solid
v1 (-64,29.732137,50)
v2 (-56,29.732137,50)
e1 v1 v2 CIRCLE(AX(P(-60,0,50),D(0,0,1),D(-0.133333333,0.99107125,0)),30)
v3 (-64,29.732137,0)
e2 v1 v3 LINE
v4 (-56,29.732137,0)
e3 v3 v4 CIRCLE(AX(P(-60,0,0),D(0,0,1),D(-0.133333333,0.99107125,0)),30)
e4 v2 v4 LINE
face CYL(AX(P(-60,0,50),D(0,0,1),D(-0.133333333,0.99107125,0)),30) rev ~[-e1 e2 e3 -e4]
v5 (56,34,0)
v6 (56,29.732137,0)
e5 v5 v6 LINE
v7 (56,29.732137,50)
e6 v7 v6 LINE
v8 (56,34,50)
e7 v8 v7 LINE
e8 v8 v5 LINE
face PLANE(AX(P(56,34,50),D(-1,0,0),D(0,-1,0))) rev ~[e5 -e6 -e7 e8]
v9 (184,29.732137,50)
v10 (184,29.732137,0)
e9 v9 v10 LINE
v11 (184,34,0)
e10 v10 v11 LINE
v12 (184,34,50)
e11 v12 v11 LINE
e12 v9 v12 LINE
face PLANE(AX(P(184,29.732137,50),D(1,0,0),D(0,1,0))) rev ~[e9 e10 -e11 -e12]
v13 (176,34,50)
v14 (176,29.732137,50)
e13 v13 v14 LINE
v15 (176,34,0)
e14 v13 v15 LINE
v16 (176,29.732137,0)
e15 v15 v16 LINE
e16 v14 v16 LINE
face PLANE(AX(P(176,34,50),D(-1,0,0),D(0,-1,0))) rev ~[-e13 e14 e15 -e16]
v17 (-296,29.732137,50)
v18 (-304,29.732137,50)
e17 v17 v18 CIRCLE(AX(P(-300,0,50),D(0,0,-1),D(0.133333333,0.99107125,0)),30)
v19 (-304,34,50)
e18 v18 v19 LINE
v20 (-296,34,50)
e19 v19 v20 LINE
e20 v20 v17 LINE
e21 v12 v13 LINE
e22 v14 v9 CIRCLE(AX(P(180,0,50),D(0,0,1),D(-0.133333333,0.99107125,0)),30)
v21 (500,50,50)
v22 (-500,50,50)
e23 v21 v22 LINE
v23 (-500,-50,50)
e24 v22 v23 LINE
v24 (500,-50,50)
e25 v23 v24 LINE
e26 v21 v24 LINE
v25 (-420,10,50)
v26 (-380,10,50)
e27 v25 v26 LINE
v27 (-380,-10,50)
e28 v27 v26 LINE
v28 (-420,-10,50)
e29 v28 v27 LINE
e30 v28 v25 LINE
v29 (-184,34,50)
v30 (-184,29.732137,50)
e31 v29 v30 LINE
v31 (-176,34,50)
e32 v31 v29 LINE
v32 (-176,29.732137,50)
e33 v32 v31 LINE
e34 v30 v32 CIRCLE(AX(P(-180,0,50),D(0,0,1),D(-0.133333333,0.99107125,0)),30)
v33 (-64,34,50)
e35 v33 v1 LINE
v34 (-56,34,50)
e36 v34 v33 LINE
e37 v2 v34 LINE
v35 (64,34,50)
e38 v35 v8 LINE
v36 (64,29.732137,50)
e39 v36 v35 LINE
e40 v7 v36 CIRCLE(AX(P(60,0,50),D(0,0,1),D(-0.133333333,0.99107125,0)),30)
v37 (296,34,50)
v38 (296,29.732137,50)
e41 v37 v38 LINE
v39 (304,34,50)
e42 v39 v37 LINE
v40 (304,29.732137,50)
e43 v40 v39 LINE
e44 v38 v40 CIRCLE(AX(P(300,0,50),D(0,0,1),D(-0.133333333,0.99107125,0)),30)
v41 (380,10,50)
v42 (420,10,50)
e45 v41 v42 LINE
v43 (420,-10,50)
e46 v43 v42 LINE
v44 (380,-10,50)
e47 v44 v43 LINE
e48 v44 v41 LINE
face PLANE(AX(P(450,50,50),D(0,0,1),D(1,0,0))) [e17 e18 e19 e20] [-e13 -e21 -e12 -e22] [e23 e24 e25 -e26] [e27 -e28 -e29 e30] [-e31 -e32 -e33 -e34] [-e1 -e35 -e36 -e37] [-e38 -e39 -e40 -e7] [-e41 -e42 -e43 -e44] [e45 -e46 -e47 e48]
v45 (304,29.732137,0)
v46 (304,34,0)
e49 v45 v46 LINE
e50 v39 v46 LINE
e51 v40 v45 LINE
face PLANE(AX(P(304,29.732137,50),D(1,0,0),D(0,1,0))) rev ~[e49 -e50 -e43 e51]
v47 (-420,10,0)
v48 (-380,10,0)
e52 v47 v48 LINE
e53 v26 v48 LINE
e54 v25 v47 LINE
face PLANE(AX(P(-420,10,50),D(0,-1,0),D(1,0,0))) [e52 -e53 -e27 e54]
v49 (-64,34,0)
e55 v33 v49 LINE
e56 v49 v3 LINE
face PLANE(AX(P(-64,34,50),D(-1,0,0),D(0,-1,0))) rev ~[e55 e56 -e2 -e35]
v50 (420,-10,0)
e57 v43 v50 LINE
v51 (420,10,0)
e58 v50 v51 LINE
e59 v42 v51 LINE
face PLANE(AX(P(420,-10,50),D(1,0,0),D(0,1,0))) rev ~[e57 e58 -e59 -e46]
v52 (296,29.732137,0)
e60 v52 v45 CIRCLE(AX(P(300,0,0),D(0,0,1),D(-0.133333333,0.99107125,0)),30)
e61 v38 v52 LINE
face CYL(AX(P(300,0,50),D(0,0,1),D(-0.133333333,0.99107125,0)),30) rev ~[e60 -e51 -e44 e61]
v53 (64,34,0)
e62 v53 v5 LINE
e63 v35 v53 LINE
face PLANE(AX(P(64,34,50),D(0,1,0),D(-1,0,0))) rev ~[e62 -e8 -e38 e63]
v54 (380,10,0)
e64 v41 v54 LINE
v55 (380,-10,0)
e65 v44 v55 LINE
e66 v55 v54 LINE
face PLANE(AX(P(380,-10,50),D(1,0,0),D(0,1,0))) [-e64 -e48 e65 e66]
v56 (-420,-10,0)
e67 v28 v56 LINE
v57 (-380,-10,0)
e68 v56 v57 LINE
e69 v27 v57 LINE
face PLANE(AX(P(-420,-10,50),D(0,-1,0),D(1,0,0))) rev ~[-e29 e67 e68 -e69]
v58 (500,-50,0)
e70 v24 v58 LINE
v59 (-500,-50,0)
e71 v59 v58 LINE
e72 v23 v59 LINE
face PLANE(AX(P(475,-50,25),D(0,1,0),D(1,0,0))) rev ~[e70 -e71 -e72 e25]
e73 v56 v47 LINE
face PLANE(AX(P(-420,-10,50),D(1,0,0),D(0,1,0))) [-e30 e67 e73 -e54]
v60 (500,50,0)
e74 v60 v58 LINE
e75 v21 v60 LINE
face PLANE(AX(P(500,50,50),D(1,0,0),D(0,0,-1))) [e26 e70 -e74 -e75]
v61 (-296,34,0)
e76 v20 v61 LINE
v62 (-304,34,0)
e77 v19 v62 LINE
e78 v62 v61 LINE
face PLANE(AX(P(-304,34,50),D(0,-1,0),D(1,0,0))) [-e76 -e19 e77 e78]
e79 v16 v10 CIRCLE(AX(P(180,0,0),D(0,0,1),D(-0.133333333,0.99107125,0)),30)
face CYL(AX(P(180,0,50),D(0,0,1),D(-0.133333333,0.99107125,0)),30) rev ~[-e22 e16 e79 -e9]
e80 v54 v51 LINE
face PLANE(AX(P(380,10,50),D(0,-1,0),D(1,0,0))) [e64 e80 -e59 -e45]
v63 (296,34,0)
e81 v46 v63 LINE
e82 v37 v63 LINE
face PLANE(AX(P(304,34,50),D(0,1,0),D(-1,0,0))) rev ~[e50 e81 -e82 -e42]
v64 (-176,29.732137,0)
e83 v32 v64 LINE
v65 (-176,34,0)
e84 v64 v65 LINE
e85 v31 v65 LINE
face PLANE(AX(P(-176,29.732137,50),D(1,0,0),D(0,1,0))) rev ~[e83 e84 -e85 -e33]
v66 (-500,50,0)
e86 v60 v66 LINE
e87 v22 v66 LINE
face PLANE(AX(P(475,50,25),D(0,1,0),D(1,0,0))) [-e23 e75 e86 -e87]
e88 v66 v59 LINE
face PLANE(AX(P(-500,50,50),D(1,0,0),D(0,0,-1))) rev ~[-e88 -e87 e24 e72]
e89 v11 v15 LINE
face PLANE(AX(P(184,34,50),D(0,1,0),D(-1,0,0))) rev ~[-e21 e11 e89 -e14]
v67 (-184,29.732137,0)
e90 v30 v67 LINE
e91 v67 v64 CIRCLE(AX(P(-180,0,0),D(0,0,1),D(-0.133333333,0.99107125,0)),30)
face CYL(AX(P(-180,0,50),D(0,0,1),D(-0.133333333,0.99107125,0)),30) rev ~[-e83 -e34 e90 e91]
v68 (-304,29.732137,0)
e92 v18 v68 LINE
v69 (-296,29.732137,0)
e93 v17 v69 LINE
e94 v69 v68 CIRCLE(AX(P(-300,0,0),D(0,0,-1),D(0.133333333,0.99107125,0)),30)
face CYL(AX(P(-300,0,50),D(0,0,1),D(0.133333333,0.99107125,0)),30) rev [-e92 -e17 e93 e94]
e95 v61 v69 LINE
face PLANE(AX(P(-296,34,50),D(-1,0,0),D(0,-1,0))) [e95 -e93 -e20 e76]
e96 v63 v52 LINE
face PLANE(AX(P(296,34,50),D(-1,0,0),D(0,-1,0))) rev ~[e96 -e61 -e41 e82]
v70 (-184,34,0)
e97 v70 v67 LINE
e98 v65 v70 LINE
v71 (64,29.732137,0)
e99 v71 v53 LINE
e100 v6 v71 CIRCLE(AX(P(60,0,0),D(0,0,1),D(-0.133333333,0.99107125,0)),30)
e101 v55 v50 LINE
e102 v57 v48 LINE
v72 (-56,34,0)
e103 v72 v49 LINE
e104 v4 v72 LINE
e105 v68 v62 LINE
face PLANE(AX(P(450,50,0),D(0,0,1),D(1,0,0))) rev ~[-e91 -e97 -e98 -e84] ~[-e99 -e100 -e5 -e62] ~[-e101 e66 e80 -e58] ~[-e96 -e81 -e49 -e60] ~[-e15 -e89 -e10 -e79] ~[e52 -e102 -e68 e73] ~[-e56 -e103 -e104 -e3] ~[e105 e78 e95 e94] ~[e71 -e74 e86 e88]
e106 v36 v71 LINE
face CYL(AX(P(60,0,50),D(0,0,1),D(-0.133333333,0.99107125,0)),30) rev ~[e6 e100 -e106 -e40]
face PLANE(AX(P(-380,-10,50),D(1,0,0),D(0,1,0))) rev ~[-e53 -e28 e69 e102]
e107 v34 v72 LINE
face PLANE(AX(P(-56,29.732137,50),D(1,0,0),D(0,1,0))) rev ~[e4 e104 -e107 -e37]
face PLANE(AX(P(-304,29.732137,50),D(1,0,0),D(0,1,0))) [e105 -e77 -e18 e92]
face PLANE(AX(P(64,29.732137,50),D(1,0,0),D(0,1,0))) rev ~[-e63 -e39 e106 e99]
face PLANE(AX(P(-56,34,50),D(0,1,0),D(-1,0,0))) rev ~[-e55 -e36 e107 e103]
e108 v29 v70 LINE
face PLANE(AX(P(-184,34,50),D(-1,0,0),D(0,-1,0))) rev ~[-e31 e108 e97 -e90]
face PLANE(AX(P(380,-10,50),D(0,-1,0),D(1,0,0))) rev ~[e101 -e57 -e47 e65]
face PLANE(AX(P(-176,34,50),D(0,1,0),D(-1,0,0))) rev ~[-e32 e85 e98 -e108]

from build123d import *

# Parameters (mm, degrees)
SKETCH1_W           = 900
SKETCH1_H           = 100
BOSS_EXTRUDE1_DEPTH = 50
SKETCH2_W           = 40
SKETCH2_H           = 20
CUT_EXTRUDE1_DEPTH  = 50
SKETCH3_W           = 50
SKETCH3_H           = 50
BOSS_EXTRUDE2_DEPTH = 100


with BuildPart() as part:
    # Sketch1 → Boss-Extrude1 (new body)
    with BuildSketch(Plane.XY):
        Rectangle(SKETCH1_W, SKETCH1_H)
    extrude(amount=BOSS_EXTRUDE1_DEPTH)

    # Sketch2 → Cut-Extrude1 (cut)
    with BuildSketch(Plane.XY.offset(50)):
        with Locations((-400, 0)):
            Rectangle(SKETCH2_W, SKETCH2_H)
        with BuildLine():
            Line((-180, 34), (-184, 34))
            Line((-184, 34), (-184, 29.732137495))
            ThreePointArc((-184, 29.732137495), (-180, -30), (-176, 29.732137495))
            Line((-176, 29.732137495), (-176, 34))
            Line((-176, 34), (-180, 34))
        make_face()
        with Locations((400, 0)):
            Rectangle(SKETCH2_W, SKETCH2_H)
        with BuildLine():
            Line((-300, 34), (-296, 34))
            Line((-296, 34), (-296, 29.732137495))
            ThreePointArc((-296, 29.732137495), (-300, -30), (-304, 29.732137495))
            Line((-304, 29.732137495), (-304, 34))
            Line((-304, 34), (-300, 34))
        make_face()
        with BuildLine():
            Line((-60, 34), (-64, 34))
            Line((-64, 34), (-64, 29.732137495))
            ThreePointArc((-64, 29.732137495), (-60, -30), (-56, 29.732137495))
            Line((-56, 29.732137495), (-56, 34))
            Line((-56, 34), (-60, 34))
        make_face()
        with BuildLine():
            Line((60, 34), (56, 34))
            Line((56, 34), (56, 29.732137495))
            ThreePointArc((56, 29.732137495), (60, -30), (64, 29.732137495))
            Line((64, 29.732137495), (64, 34))
            Line((64, 34), (60, 34))
        make_face()
        with BuildLine():
            Line((180, 34), (176, 34))
            Line((176, 34), (176, 29.732137495))
            ThreePointArc((176, 29.732137495), (180, -30), (184, 29.732137495))
            Line((184, 29.732137495), (184, 34))
            Line((184, 34), (180, 34))
        make_face()
        with BuildLine():
            Line((300, 34), (296, 34))
            Line((296, 34), (296, 29.732137495))
            ThreePointArc((296, 29.732137495), (300, -30), (304, 29.732137495))
            Line((304, 29.732137495), (304, 34))
            Line((304, 34), (300, 34))
        make_face()
    extrude(amount=-CUT_EXTRUDE1_DEPTH, mode=Mode.SUBTRACT)

    # Sketch3 → Boss-Extrude2 (add)
    with BuildSketch(Plane(origin=(0, 50, 0), x_dir=(1, 0, 0), z_dir=(0, 1, 0))):
        with Locations((475, -25)):
            Rectangle(SKETCH3_W, SKETCH3_H)
        with Locations((-475, -25)):
            Rectangle(SKETCH3_W, SKETCH3_H)
    extrude(amount=-BOSS_EXTRUDE2_DEPTH)


solid = part.part
